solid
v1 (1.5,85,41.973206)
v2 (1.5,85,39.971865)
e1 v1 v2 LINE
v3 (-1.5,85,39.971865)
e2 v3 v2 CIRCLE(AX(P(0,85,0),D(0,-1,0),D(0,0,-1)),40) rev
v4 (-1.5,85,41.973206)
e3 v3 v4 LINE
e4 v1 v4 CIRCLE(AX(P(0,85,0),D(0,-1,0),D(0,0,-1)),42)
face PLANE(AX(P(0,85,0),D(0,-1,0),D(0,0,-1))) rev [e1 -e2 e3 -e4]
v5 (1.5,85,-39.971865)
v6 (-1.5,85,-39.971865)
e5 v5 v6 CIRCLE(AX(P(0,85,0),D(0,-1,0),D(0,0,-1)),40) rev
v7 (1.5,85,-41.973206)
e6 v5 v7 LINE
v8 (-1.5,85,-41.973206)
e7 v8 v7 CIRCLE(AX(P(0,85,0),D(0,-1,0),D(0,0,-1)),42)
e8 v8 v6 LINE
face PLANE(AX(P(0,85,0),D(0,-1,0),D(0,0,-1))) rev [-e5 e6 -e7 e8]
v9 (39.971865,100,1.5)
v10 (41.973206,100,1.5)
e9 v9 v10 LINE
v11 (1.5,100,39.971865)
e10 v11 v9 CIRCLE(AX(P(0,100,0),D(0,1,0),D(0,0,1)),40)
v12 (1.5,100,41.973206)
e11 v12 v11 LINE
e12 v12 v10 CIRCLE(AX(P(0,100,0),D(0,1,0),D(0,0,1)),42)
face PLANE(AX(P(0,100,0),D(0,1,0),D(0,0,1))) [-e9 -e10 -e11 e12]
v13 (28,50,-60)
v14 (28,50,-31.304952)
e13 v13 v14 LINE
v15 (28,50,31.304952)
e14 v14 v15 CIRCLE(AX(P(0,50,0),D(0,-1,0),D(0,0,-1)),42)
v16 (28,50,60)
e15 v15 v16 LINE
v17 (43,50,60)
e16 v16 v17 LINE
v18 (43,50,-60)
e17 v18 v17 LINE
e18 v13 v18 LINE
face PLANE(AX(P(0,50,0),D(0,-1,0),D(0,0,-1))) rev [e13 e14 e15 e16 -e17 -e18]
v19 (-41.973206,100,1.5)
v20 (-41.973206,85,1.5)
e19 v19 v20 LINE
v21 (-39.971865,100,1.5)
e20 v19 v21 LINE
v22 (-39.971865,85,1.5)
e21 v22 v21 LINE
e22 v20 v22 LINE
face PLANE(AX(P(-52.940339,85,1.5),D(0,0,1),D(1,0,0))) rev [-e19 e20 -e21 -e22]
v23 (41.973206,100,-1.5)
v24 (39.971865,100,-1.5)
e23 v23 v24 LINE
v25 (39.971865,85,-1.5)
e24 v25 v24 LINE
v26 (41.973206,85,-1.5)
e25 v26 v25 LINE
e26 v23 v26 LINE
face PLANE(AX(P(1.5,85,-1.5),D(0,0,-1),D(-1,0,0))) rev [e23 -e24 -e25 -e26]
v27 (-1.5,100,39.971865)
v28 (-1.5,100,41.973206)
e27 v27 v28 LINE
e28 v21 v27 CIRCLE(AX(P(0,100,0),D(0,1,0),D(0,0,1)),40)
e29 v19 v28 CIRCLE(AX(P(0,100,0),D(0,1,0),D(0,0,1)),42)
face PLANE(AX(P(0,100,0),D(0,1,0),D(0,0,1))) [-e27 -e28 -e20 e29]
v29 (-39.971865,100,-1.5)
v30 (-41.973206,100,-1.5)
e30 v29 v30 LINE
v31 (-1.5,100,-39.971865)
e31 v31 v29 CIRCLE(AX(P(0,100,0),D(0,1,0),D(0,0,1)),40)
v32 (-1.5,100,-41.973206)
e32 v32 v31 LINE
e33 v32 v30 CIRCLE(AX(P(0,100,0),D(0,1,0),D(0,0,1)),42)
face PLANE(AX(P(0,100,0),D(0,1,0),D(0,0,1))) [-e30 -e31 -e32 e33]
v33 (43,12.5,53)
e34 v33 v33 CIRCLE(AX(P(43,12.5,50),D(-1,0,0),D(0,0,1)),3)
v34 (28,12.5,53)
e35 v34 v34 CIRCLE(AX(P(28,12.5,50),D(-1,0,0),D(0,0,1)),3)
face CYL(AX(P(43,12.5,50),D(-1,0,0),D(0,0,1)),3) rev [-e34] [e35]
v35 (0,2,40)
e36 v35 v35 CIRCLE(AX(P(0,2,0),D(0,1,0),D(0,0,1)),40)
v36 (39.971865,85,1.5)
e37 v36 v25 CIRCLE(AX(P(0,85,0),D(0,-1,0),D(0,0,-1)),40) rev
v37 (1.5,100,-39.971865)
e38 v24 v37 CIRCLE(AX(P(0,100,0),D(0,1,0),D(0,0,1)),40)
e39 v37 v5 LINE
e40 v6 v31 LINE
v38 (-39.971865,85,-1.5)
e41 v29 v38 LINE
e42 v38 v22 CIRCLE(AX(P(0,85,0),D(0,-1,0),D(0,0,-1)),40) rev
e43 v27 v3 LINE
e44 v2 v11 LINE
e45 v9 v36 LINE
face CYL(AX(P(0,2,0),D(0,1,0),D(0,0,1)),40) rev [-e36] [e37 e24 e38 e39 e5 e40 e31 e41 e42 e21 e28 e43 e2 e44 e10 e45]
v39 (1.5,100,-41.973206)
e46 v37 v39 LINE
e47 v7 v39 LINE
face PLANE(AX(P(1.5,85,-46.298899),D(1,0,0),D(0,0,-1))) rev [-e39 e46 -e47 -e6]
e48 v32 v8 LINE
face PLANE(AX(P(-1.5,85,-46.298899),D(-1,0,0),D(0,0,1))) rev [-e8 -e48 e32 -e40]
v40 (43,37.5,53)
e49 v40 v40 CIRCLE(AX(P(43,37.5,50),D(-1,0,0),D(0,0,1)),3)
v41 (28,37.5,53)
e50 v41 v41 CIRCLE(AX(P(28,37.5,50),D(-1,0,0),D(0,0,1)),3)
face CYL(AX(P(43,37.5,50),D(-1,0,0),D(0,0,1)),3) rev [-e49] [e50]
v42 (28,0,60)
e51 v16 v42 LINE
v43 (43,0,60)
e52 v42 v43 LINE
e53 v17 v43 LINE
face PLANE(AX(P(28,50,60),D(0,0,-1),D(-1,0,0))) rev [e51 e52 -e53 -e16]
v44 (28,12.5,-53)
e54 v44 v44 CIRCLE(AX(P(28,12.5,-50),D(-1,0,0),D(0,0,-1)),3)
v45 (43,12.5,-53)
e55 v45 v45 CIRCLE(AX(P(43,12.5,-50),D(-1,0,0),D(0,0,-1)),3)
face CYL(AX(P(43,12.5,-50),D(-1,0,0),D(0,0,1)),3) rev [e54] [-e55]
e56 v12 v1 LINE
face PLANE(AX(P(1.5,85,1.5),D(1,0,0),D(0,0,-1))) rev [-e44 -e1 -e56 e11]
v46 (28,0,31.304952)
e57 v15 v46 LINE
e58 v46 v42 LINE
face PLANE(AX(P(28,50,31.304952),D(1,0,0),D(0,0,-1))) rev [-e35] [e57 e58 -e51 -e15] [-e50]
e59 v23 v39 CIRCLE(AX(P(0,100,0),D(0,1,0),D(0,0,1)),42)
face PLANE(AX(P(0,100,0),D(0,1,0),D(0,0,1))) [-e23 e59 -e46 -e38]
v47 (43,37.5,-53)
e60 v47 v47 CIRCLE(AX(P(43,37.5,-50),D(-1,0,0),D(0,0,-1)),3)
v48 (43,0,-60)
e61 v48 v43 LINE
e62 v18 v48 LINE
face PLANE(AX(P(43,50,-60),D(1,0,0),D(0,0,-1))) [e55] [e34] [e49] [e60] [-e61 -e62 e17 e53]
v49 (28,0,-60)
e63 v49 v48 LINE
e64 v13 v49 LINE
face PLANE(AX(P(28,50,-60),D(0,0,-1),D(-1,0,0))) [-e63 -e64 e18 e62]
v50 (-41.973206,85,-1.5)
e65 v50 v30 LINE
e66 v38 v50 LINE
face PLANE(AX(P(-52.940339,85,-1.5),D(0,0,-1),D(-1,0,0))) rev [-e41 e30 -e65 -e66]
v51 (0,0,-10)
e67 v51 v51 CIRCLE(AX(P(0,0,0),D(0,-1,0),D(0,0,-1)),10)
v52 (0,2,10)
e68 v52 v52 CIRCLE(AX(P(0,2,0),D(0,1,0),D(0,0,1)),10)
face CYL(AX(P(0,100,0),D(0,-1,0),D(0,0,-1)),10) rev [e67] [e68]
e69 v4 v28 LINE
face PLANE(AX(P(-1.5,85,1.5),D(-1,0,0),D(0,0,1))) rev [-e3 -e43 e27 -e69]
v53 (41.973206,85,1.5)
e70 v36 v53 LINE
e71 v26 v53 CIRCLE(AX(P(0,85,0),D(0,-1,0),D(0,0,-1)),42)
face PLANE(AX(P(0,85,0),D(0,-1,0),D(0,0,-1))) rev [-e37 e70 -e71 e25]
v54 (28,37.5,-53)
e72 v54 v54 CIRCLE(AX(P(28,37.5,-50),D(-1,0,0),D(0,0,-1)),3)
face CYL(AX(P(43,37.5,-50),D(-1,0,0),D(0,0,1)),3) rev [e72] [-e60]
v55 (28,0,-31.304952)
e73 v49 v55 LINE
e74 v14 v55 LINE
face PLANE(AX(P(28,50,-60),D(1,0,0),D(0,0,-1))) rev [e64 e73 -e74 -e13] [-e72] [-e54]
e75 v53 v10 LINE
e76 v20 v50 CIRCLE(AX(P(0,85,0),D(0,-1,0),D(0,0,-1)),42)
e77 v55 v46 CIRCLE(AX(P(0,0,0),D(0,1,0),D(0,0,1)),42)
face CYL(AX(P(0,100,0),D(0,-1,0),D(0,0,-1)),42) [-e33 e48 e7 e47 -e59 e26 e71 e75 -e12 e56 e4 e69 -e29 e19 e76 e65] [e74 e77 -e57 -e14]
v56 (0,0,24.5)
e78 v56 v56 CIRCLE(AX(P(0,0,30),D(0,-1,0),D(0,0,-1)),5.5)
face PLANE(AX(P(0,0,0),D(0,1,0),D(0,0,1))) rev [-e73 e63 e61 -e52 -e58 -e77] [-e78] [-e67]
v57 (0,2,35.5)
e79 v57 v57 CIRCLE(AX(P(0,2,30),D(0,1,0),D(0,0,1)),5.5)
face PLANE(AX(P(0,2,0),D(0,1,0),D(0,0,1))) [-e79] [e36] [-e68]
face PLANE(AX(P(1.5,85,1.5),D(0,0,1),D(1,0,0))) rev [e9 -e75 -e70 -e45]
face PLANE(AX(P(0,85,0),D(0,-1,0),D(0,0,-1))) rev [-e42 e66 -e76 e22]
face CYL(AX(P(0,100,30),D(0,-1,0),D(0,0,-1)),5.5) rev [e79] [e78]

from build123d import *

# Parameters (mm, degrees)
ESBO_O1_R                = 42
RESSALTO_EXTRUS_O1_DEPTH = 100
ESBO_O2_R                = 40
CORTE_EXTRUS_O1_DEPTH    = 98
ESBO_O3_R                = 5.5
CORTE_EXTRUS_O2_DEPTH    = 117.309930788
ESBO_O4_R                = 10
CORTE_EXTRUS_O3_DEPTH    = 117.309930788
CORTE_EXTRUS_O4_DEPTH    = 15
RESSALTO_EXTRUS_O3_DEPTH = 50
ESBO_O9_R                = 3
CORTE_EXTRUS_O5_DEPTH    = 137.014705087


with BuildPart() as part:
    # Esboço1 → Ressalto-extrusão1 (new body)
    with BuildSketch(Plane(origin=(0, 0, 0), x_dir=(1, 0, 0), z_dir=(0, 1, 0))):
        with Locations(Location((0, 0, 0), (0, 0, 270))):
            Circle(ESBO_O1_R)
    extrude(amount=RESSALTO_EXTRUS_O1_DEPTH)

    # Esboço2 → Corte-extrusão1 (cut)
    with BuildSketch(Plane(origin=(0, 100, 0), x_dir=(1, 0, 0), z_dir=(0, 1, 0))):
        with Locations(Location((0, 0, 0), (0, 0, 270))):
            Circle(ESBO_O2_R)
    extrude(amount=-CORTE_EXTRUS_O1_DEPTH, mode=Mode.SUBTRACT)

    # Esboço3 → Corte-extrusão2 (cut, through all)
    with BuildSketch(Plane.XZ):
        with Locations(Location((0, 30, 0), (0, 0, 270))):
            Circle(ESBO_O3_R)
    extrude(amount=-CORTE_EXTRUS_O2_DEPTH, mode=Mode.SUBTRACT)

    # Esboço4 → Corte-extrusão3 (cut, through all)
    with BuildSketch(Plane.XZ):
        with Locations(Location((0, 0, 0), (0, 0, 270))):
            Circle(ESBO_O4_R)
    extrude(amount=-CORTE_EXTRUS_O3_DEPTH, mode=Mode.SUBTRACT)

    # Esboço5 → Corte-extrusão4 (cut)
    with BuildSketch(Plane(origin=(0, 100, 0), x_dir=(1, 0, 0), z_dir=(0, 1, 0))):
        Polygon((1.5, 1.5), (52.94033898, 1.5), (52.94033898, -1.5), (1.5, -1.5), (1.5, -46.298898587), (-1.5, -46.298898587), (-1.5, -1.5), (-52.94033898, -1.5), (-52.94033898, 1.5), (-1.5, 1.5), (-1.5, 46.298898587), (1.5, 46.298898587), align=None)
    extrude(amount=-CORTE_EXTRUS_O4_DEPTH, mode=Mode.SUBTRACT)

    # Esboço8 → Ressalto-extrusão3 (add)
    with BuildSketch(Plane.XZ):
        with BuildLine():
            Line((28, 31.304951685), (28, 60))
            Line((28, 60), (43, 60))
            Line((43, 60), (43, -60))
            Line((43, -60), (28, -60))
            Line((28, -60), (28, -31.304951685))
            ThreePointArc((28, -31.304951685), (42, 0), (28, 31.304951685))
        make_face()
    extrude(amount=-RESSALTO_EXTRUS_O3_DEPTH)

    # Esboço9 → Corte-extrusão5 (cut, through all)
    with BuildSketch(Plane.ZY.offset(-28)):
        with Locations((50, 37.5)):
            Circle(ESBO_O9_R)
        with Locations((50, 12.5)):
            Circle(ESBO_O9_R)
        with Locations(Location((-50, 12.5, 0), (0, 0, 180))):
            Circle(ESBO_O9_R)
        with Locations(Location((-50, 37.5, 0), (0, 0, 180))):
            Circle(ESBO_O9_R)
    extrude(amount=-CORTE_EXTRUS_O5_DEPTH, mode=Mode.SUBTRACT)


solid = part.part
